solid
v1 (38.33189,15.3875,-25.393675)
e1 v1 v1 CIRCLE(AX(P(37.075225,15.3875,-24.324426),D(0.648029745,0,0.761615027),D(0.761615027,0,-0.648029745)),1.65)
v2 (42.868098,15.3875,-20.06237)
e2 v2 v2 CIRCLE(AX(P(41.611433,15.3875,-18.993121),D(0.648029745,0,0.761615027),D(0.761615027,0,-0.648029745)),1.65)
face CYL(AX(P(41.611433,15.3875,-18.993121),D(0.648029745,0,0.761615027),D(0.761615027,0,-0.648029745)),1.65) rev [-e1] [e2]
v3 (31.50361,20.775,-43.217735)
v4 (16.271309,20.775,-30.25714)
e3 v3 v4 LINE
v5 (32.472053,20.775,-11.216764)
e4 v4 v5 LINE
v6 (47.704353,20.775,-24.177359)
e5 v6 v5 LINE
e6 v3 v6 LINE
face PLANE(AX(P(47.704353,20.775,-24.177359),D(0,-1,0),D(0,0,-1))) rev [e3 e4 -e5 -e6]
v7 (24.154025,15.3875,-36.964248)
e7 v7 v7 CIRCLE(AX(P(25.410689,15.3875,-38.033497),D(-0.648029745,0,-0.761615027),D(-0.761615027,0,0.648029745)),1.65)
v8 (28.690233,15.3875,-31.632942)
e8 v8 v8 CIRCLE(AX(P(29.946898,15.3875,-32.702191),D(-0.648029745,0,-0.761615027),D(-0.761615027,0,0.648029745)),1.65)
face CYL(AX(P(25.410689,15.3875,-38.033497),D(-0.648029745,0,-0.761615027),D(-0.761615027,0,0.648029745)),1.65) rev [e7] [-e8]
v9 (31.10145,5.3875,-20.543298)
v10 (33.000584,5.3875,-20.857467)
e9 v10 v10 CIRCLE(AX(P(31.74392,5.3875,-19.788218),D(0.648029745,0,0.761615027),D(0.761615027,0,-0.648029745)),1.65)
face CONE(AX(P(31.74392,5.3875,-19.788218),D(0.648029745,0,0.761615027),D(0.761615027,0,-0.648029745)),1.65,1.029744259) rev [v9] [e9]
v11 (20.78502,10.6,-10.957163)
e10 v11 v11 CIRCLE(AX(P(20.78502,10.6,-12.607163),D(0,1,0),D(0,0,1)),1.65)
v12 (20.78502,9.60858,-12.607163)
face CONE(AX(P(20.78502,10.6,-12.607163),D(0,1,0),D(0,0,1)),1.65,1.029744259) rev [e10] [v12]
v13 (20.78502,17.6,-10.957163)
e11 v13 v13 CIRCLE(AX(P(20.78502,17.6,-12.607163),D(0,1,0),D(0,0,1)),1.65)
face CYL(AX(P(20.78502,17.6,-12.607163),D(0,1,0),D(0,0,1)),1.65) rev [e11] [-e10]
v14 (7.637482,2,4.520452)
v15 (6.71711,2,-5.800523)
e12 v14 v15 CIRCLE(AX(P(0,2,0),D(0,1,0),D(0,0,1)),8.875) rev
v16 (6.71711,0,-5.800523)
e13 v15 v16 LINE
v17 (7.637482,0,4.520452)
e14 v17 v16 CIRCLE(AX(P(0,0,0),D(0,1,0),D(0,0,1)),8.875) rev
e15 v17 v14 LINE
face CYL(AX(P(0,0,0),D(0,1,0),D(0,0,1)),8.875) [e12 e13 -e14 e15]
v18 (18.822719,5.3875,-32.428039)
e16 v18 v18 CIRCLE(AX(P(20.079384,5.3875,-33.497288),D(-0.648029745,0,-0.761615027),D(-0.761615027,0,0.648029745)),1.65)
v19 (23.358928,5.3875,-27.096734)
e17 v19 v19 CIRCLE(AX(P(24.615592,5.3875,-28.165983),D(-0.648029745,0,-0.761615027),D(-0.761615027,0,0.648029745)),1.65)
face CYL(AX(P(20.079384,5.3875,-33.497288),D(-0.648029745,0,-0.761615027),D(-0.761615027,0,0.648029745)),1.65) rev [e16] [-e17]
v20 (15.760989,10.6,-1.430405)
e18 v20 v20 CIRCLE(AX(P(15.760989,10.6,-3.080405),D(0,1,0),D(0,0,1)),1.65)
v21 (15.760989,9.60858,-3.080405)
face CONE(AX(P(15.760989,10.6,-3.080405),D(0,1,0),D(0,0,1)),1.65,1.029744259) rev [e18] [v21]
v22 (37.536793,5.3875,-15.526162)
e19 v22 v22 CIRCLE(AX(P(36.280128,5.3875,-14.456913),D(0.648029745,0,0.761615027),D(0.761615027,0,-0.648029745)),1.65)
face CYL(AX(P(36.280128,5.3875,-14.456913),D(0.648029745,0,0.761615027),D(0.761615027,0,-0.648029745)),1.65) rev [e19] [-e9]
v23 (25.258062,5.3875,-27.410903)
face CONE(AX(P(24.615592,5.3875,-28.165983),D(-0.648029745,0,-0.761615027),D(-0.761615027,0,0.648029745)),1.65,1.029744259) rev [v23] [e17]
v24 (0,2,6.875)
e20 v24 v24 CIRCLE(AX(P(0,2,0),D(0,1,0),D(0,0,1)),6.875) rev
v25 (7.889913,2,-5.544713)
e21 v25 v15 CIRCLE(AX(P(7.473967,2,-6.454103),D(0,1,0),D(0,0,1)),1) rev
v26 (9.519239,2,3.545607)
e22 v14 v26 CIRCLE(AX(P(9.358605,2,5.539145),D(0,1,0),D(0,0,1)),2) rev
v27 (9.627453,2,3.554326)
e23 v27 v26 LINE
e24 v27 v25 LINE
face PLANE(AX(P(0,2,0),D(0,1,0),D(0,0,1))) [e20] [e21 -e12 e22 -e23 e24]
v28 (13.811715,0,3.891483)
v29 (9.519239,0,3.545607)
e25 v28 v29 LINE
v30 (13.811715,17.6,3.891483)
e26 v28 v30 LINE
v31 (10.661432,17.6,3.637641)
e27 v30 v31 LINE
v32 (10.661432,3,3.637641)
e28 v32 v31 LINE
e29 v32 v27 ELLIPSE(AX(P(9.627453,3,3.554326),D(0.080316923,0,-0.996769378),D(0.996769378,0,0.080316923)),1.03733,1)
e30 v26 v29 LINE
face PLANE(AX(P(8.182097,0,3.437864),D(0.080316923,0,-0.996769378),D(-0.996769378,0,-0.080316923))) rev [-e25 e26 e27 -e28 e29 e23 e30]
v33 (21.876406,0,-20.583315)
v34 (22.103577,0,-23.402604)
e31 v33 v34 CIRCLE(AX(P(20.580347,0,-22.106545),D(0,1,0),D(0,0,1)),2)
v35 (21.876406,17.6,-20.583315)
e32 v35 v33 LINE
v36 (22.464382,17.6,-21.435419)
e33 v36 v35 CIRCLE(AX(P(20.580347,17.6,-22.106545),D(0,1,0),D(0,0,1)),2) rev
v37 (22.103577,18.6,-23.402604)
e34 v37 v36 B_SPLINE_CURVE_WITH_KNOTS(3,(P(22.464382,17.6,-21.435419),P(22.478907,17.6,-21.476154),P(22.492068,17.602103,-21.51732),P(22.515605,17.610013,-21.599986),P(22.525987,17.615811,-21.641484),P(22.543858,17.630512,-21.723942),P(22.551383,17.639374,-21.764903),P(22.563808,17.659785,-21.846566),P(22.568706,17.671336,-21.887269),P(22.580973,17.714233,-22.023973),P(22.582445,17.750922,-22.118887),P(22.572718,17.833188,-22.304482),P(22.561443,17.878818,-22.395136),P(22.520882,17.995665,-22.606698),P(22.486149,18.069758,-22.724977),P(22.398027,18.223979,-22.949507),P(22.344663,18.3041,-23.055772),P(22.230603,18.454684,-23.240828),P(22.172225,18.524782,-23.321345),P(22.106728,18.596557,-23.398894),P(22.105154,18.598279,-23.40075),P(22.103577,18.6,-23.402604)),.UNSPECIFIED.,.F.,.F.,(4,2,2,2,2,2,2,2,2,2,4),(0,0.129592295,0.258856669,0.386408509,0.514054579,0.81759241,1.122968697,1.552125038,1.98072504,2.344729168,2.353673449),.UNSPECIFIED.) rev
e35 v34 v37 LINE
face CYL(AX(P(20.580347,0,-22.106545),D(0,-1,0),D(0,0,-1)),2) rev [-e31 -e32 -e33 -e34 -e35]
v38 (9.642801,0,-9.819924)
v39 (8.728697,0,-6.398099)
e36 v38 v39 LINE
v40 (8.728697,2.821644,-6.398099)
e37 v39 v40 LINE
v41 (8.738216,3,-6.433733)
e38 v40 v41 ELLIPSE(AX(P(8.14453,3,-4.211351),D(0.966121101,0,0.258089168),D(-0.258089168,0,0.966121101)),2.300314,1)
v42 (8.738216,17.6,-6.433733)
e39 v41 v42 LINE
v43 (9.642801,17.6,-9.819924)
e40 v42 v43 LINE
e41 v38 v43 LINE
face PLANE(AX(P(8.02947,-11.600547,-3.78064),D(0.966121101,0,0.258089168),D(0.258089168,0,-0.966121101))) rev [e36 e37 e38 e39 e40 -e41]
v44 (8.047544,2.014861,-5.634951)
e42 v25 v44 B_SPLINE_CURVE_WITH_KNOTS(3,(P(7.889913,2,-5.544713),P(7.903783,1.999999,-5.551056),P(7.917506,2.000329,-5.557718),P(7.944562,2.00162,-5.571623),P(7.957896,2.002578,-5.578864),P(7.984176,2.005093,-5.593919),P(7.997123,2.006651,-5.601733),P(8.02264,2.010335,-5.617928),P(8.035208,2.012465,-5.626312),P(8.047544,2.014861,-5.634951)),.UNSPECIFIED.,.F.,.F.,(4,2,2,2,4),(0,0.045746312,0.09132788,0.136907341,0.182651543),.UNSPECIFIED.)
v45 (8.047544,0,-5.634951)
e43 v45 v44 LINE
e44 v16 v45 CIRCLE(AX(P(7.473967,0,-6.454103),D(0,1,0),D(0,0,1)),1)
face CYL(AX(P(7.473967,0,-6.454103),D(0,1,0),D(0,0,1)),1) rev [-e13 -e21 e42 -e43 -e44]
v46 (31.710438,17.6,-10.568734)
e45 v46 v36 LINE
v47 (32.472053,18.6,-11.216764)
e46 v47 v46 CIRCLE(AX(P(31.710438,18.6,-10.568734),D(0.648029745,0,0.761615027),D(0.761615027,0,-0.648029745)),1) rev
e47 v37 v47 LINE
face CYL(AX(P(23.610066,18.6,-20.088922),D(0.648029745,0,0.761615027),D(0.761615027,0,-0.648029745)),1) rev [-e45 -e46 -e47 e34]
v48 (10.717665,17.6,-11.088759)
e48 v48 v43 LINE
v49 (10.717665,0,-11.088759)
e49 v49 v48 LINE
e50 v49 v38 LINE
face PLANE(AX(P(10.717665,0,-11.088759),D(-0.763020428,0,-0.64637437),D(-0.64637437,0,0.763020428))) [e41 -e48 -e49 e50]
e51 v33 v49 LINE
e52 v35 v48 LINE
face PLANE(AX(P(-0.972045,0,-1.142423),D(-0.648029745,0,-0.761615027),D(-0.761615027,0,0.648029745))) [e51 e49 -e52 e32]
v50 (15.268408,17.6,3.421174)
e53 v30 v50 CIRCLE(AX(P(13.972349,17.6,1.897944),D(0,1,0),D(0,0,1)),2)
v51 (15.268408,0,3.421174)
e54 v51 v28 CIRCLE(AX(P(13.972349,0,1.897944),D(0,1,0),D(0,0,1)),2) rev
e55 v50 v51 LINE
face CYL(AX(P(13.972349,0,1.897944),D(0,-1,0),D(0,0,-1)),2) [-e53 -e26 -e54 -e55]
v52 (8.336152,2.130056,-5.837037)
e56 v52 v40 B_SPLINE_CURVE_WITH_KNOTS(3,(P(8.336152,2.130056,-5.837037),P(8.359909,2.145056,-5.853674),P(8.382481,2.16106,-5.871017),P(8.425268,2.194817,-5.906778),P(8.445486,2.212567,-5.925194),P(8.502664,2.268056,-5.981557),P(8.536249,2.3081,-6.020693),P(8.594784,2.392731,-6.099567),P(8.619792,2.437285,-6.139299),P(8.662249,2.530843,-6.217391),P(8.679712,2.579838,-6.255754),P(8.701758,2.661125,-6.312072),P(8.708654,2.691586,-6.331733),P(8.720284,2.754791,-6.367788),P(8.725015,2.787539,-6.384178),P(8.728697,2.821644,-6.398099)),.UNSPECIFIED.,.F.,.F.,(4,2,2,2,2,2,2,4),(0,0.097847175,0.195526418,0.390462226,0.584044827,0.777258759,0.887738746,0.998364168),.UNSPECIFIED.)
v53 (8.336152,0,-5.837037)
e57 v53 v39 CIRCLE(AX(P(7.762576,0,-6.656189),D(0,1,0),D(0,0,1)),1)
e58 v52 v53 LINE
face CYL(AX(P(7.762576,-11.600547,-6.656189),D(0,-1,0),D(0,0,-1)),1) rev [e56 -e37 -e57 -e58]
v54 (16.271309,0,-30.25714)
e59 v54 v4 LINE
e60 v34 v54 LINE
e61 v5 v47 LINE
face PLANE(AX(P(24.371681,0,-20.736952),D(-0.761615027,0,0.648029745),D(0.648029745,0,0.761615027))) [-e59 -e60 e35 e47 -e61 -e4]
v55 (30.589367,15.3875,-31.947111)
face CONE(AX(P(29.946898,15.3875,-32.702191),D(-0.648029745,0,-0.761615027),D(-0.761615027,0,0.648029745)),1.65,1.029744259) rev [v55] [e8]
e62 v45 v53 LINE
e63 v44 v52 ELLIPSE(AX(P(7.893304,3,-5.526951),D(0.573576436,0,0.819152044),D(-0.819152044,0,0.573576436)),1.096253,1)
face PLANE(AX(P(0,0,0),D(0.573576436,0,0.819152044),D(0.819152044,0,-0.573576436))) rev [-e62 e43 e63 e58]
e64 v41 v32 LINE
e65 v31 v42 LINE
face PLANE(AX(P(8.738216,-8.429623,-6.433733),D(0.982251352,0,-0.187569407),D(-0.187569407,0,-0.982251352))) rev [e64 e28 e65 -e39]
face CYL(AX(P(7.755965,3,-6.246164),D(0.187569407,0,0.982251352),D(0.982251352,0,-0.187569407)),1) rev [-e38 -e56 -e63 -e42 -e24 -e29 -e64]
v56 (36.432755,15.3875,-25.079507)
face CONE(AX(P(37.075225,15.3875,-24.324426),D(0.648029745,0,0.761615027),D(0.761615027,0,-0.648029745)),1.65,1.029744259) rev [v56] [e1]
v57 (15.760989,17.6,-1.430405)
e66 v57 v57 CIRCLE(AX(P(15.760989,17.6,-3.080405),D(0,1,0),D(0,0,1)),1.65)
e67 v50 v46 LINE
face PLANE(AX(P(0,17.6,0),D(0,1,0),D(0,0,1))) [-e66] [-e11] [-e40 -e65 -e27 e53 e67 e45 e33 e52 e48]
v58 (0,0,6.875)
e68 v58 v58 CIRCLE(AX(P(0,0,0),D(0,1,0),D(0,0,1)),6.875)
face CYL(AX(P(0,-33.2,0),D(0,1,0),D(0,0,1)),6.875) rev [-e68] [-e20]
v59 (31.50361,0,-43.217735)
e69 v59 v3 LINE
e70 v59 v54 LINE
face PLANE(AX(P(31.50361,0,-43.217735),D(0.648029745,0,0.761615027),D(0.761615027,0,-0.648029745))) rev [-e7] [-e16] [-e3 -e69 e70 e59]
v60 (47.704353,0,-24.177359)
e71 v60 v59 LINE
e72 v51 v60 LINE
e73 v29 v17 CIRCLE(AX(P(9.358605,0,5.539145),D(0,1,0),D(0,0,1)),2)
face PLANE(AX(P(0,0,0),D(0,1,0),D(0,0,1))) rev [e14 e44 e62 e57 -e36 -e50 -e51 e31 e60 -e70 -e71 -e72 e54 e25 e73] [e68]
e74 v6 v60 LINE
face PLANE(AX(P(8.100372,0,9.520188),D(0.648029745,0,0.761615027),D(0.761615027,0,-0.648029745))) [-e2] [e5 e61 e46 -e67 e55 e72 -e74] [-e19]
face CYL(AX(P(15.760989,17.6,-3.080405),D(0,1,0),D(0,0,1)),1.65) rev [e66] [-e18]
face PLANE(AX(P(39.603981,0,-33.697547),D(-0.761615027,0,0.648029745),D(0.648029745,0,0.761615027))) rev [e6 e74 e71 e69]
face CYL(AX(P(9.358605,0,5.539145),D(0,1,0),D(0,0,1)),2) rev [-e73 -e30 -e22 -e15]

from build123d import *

# Parameters (mm, degrees)
SKETCH1_R                      = 12.5
BOSS_EXTRUDE1_DEPTH            = 17.6
SKETCH2_R                      = 6.875
CUT_EXTRUDE1_DEPTH             = 50.8
SKETCH3_R                      = 8.875
CUT_EXTRUDE3_DEPTH             = 15.6
CUT_EXTRUDE4_DEPTH             = 18.6
BOSS_EXTRUDE2_DEPTH            = 17.6
FILLET1_R                      = 4
SKETCH6_W                      = 25
SKETCH6_H                      = 20.775
BOSS_EXTRUDE3_DEPTH            = 20
M4X0_7_TAPPED_HOLE2_AT_2_COUNT = 2
M4X0_7_TAPPED_HOLE2_AT_2_PITCH = 12.206555616
M4X0_7_TAPPED_HOLE1_D          = 3.3
M4X0_7_TAPPED_HOLE1_DEPTH      = 7
M4X0_7_TAPPED_HOLE1_TIP        = 0.991420021
FILLET4_R                      = 1
FILLET6_R                      = 1
FILLET7_R                      = 2
CUT_EXTRUDE6_DEPTH             = 15.6
FILLET8_R                      = 5
BOSS_EXTRUDE4_DEPTH            = 17.6
CUT_EXTRUDE8_DEPTH             = 18.6000001
CUT_EXTRUDE9_DEPTH             = 18.6000001
CUT_EXTRUDE10_DEPTH            = 15.6
FILLET10_R                     = 1
FILLET12_R                     = 1
FILLET13_R                     = 2


with BuildPart() as part:
    # Sketch1 → Boss-Extrude1 (new body)
    with BuildSketch(Plane(origin=(0, 0, 0), x_dir=(1, 0, 0), z_dir=(0, 1, 0))):
        Circle(SKETCH1_R)
    extrude(amount=BOSS_EXTRUDE1_DEPTH)

    # Sketch2 → Cut-Extrude1 (cut)
    with BuildSketch(Plane(origin=(0, 17.6, 0), x_dir=(1, 0, 0), z_dir=(0, 1, 0))):
        Circle(SKETCH2_R)
    extrude(amount=-CUT_EXTRUDE1_DEPTH, mode=Mode.SUBTRACT)

    # Sketch3 → Cut-Extrude3 (cut)
    with BuildSketch(Plane(origin=(0, 17.6, 0), x_dir=(1, 0, 0), z_dir=(0, 1, 0))):
        Circle(SKETCH3_R)
    extrude(amount=-CUT_EXTRUDE3_DEPTH, mode=Mode.SUBTRACT)

    # Sketch4 → Cut-Extrude4 (cut, through all)
    with BuildSketch(Plane(origin=(0, 17.6, 0), x_dir=(1, 0, 0), z_dir=(0, 1, 0))):
        with BuildLine():
            ThreePointArc((-3.035428772, 8.339772009), (2.668763971, 8.464237938), (7.269974393, 5.090490873))
            Line((7.269974393, 5.090490873), (10.239400554, 7.169705454))
            ThreePointArc((10.239400554, 7.169705454), (3.758822494, 11.921461884), (-4.275251792, 11.74615776))
            Line((-4.275251792, 11.74615776), (-3.035428772, 8.339772009))
        make_face()
    extrude(amount=-CUT_EXTRUDE4_DEPTH, mode=Mode.SUBTRACT)

    # Sketch5 → Boss-Extrude2 (add, through all)
    with BuildSketch(Plane(origin=(0, 17.6, 0), x_dir=(1, 0, 0), z_dir=(0, 1, 0))):
        with BuildLine():
            Line((8.100371818, -9.520187835), (32.472052675, 11.216764019))
            Line((32.472052675, 11.216764019), (23.399636239, 21.879374394))
            Line((23.399636239, 21.879374394), (10.717665156, 11.088759446))
            Line((10.717665156, 11.088759446), (10.239400554, 7.169705454))
            ThreePointArc((10.239400554, 7.169705454), (12.398586499, -1.589041484), (8.100371818, -9.520187835))
        make_face()
    extrude(amount=-BOSS_EXTRUDE2_DEPTH)

    # Fillet1
    fillet1_edges = [part.edges().sort_by_distance(p)[0] for p in [
        (-3.035428772, 9.8, -8.339772009),
    ]]
    fillet(fillet1_edges, radius=FILLET1_R)

    # Sketch6 → Boss-Extrude3 (add)
    with BuildSketch(Plane(origin=(24.371680857, 0, -20.736951854), x_dir=(-0.648029745, 0, -0.761615027), z_dir=(0.761615027, 0, -0.648029745))):
        with Locations((0, 10.3875)):
            Rectangle(SKETCH6_W, SKETCH6_H)
    extrude(amount=BOSS_EXTRUDE3_DEPTH)

    # Sketch9 → M4x0.7 Tapped Hole2 (revolve, cut)
    with BuildSketch(Plane(origin=(25.410689361, 15.3875, -38.033496634), x_dir=(-0.761615027, 0, 0.648029745), z_dir=(0, 1, 0))):
        Polygon((0, 0), (0, 7.991420021), (1.65, 7), (1.65, 0), align=None)
    m4x0_7_tapped_hole2 = revolve(axis=Axis((21.295700477, 15.3875, -42.869752054), (0.648029745, 0, 0.761615027)), mode=Mode.SUBTRACT)

    # M4x0.7 Tapped Hole2 at 2: M4x0.7 Tapped Hole2 ×2
    with Locations(*[Vector(-0.436757539, -0.819231921, 0.371620657) * (i * M4X0_7_TAPPED_HOLE2_AT_2_PITCH) for i in range(1, M4X0_7_TAPPED_HOLE2_AT_2_COUNT)]):
        add(m4x0_7_tapped_hole2, mode=Mode.SUBTRACT)

    # Mirror1: M4x0.7 Tapped Hole2 across plane
    add(m4x0_7_tapped_hole2.mirror(Plane(origin=(0, 0, 0), x_dir=(-0.761615027, 0, 0.648029745), z_dir=(-0.648029745, 0, -0.761615027))), mode=Mode.SUBTRACT)

    # Mirror1 copy 1 sketch → Mirror1 copy 1 (revolve, cut)
    with BuildSketch(Plane(origin=(36.280127809, 5.3875, -14.456912746), x_dir=(-0.761615027, 0, 0.648029745), z_dir=(0, 1, 0))):
        Polygon((0, 0), (0, -7.991420021), (1.65, -7), (1.65, 0), align=None)
    revolve(axis=Axis((40.395116693, 5.3875, -9.620657326), (0.648029745, 0, 0.761615027)), mode=Mode.SUBTRACT)

    # M4x0.7 Tapped Hole1
    with Locations(Plane(origin=(0, 17.6, 0), x_dir=(1, 0, 0), z_dir=(0, 1, 0))):
        with Locations((20.785019884, 12.607162838), (15.760988598, 3.080405276)):
            Hole(M4X0_7_TAPPED_HOLE1_D / 2, depth=M4X0_7_TAPPED_HOLE1_DEPTH)
            with Locations((0, 0, -(M4X0_7_TAPPED_HOLE1_DEPTH + M4X0_7_TAPPED_HOLE1_TIP / 2))):  # 118° drill point
                Cone(0, M4X0_7_TAPPED_HOLE1_D / 2, M4X0_7_TAPPED_HOLE1_TIP, mode=Mode.SUBTRACT)

    # Fillet4
    fillet4_edges = [part.edges().sort_by_distance(p)[0] for p in [
        (27.935844457, 17.6, -16.548069207),
    ]]
    fillet(fillet4_edges, radius=FILLET4_R)

    # Fillet6
    fillet6_edges = [part.edges().sort_by_distance(p)[0] for p in [
        (-3.035428772, 1, -8.339772009),
        (7.269974393, 1, -5.090490873),
    ]]
    fillet(fillet6_edges, radius=FILLET6_R)

    # Fillet7
    fillet7_edges = [part.edges().sort_by_distance(p)[0] for p in [
        (23.399636239, 8.8, -21.879374394),
    ]]
    fillet(fillet7_edges, radius=FILLET7_R)

    # Sketch13 → Cut-Extrude6 (cut)
    with BuildSketch(Plane(origin=(0, 17.6, 0), x_dir=(1, 0, 0), z_dir=(0, 1, 0))):
        Polygon((8.029469851, 3.780640013), (11.336580589, 16.160351586), (5.704740036, 6.798644433), (7.043250731, 5.399837418), align=None)
    extrude(amount=-CUT_EXTRUDE6_DEPTH, mode=Mode.SUBTRACT)

    # Fillet8
    fillet8_edges = [part.edges().sort_by_distance(p)[0] for p in [
        (8.029469851, 9.8, -3.780640013),
    ]]
    fillet(fillet8_edges, radius=FILLET8_R)

    # Sketch14 → Boss-Extrude4 (add)
    with BuildSketch(Plane(origin=(0, 17.6, 0), x_dir=(1, 0, 0), z_dir=(0, 1, 0))):
        Polygon((8.634649617, 6.046046752), (9.642801422, 9.819923576), (10.717665156, 11.088759446), (10.239400554, 7.169705454), align=None)
    extrude(amount=-BOSS_EXTRUDE4_DEPTH)

    # Sketch15 → Cut-Extrude8 (cut, through all)
    with BuildSketch(Plane(origin=(0, 17.6, 0), x_dir=(1, 0, 0), z_dir=(0, 1, 0))):
        with BuildLine():
            Line((8.100371818, -9.520187835), (11.149703632, -6.925625425))
            Line((11.149703632, -6.925625425), (8.182097481, -3.437863553))
            ThreePointArc((8.182097481, -3.437863553), (-6.728578701, -5.787214672), (-2.175290984, 8.6042858))
            Line((-2.175290984, 8.6042858), (-4.275251792, 11.74615776))
            ThreePointArc((-4.275251792, 11.74615776), (-10.803807178, -6.287109865), (8.100371818, -9.520187835))
        make_face()
    extrude(amount=-CUT_EXTRUDE8_DEPTH, mode=Mode.SUBTRACT)

    # Sketch16 → Cut-Extrude9 (cut, through all)
    with BuildSketch(Plane(origin=(0, 17.6, 0), x_dir=(1, 0, 0), z_dir=(0, 1, 0))):
        Polygon((8.182097481, -3.437863553), (11.149703632, -6.925625425), (14.637465505, -3.958019274), align=None)
    extrude(amount=-CUT_EXTRUDE9_DEPTH, mode=Mode.SUBTRACT)

    # Sketch17 → Cut-Extrude10 (cut)
    with BuildSketch(Plane(origin=(0, 17.6, 0), x_dir=(1, 0, 0), z_dir=(0, 1, 0))):
        Polygon((8.738215958, 6.433733022), (10.661432187, -3.637641494), (8.182097481, -3.437863553), (7.951366346, 5.910414581), align=None)
    extrude(amount=-CUT_EXTRUDE10_DEPTH, mode=Mode.SUBTRACT)

    # Fillet10
    fillet10_edges = [part.edges().sort_by_distance(p)[0] for p in [
        (8.634649617, 1, -6.046046752),
    ]]
    fillet(fillet10_edges, radius=FILLET10_R)

    # Fillet12
    fillet12_edges = [part.edges().sort_by_distance(p)[0] for p in [
        (9.699824072, 2, -1.398045764),
    ]]
    fillet(fillet12_edges, radius=FILLET12_R)

    # Fillet13
    fillet13_edges = [part.edges().sort_by_distance(p)[0] for p in [
        (8.182097481, 1, 3.437863553),
        (14.637465505, 8.8, 3.958019274),
    ]]
    fillet(fillet13_edges, radius=FILLET13_R)


solid = part.part
